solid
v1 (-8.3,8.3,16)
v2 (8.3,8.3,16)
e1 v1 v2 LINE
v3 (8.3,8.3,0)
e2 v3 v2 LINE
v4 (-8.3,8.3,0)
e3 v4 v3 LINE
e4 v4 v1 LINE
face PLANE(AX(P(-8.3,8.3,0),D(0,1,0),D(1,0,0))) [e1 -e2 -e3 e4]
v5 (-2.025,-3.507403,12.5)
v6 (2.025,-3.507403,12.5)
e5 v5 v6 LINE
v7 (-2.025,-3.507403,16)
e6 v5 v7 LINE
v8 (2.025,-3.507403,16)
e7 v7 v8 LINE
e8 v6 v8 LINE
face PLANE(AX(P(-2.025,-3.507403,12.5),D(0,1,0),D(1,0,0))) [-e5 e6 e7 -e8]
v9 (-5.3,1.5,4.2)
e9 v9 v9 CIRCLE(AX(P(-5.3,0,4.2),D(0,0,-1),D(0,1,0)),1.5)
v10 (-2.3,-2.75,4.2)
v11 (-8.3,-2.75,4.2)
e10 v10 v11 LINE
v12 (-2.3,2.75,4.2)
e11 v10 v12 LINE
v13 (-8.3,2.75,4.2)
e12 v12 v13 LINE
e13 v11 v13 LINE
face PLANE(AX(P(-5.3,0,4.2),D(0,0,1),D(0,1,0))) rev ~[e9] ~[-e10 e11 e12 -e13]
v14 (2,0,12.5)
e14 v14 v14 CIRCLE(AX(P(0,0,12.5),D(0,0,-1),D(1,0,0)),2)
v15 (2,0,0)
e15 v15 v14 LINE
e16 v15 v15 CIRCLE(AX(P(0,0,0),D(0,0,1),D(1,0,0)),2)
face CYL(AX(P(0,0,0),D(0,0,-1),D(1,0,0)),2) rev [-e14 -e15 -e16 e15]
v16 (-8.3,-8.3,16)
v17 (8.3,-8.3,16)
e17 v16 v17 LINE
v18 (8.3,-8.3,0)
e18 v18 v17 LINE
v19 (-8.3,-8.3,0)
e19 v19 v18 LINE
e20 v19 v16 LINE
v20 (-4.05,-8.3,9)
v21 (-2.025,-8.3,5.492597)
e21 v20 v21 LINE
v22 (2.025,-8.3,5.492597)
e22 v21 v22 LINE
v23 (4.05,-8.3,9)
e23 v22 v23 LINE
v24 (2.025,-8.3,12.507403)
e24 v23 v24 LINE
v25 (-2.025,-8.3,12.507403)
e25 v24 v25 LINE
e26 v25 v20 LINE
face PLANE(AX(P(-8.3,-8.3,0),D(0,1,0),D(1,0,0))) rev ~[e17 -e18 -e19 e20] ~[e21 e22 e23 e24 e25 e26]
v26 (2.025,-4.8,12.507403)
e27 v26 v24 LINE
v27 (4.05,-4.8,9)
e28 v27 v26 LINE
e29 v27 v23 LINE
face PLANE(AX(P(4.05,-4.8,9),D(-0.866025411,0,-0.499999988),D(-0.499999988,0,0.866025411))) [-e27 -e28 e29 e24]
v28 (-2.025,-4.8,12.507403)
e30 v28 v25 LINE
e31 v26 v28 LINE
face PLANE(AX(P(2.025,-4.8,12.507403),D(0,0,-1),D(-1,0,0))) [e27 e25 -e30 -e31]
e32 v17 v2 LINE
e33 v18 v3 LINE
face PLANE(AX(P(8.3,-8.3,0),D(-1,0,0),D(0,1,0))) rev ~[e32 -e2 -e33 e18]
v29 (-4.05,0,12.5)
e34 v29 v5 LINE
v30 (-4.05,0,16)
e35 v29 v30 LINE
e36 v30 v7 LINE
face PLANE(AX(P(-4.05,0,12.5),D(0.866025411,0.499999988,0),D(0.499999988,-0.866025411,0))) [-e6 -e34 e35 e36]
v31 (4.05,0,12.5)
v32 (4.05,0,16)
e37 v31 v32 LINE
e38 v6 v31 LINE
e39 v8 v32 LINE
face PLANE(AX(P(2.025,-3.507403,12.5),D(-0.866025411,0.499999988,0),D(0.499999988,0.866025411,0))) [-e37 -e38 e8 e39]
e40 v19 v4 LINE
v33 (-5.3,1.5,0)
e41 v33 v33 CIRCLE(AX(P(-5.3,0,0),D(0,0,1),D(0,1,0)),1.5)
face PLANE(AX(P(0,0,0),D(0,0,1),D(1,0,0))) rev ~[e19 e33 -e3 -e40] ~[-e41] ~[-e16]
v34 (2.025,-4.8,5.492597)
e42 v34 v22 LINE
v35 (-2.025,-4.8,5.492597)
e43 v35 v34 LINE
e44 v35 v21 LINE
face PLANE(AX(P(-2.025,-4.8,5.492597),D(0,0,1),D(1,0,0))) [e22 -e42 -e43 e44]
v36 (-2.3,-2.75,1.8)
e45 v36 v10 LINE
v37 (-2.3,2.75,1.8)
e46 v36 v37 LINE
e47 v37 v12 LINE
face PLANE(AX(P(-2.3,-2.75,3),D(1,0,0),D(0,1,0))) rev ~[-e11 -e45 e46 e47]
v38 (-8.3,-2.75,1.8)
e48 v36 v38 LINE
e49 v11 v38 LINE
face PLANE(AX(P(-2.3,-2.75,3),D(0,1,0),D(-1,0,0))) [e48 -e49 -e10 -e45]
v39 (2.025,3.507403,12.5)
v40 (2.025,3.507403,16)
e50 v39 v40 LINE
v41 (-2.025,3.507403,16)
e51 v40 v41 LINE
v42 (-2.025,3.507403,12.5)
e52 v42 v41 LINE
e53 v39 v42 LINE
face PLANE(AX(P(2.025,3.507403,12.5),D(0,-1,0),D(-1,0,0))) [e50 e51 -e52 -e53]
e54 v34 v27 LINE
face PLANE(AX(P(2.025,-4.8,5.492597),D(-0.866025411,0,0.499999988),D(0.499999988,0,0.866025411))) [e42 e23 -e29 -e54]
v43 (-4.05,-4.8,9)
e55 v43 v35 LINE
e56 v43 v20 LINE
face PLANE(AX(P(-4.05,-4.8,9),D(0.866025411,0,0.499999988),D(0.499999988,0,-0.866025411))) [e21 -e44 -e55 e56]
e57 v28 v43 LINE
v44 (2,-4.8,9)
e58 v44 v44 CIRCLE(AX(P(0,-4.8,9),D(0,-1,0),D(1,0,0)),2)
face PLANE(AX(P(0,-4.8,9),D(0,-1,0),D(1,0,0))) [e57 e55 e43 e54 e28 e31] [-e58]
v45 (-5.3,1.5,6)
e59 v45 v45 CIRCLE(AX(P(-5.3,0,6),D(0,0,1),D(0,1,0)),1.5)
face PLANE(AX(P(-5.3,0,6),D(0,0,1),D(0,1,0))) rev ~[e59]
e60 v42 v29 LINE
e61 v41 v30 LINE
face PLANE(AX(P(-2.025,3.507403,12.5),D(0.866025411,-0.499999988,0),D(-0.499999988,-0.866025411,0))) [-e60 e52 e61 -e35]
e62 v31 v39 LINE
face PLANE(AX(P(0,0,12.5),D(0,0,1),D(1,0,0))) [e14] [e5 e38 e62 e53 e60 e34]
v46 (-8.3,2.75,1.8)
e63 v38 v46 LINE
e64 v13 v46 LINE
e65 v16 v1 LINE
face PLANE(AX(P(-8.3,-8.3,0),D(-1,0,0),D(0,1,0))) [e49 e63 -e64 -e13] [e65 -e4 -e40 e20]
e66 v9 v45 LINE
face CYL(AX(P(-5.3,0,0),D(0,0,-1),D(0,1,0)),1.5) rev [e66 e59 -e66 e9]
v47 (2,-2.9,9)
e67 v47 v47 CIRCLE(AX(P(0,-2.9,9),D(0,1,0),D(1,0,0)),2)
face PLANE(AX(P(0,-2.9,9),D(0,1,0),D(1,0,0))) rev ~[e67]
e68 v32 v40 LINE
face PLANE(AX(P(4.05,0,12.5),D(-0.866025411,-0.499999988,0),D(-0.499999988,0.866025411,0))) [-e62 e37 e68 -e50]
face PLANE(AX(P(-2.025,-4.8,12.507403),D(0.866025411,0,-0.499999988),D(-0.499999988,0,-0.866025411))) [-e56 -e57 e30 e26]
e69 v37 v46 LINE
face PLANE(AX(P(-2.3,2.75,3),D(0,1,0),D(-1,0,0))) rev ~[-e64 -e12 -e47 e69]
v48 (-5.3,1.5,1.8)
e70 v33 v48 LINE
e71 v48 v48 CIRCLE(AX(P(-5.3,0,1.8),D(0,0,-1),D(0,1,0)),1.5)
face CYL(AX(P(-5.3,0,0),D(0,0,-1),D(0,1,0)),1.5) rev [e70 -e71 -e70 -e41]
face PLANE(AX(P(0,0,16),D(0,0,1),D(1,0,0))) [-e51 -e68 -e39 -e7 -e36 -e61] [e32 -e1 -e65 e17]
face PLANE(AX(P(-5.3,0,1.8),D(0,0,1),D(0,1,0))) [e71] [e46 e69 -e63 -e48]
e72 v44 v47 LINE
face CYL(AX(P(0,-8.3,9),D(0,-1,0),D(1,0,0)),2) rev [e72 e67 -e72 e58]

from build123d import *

# Parameters (mm, degrees)
CYLINDER002_R           = 1.5
CYLINDER002_DEPTH       = 6
SKETCH003_W             = 5.5
SKETCH003_H             = 6
PAD003_DEPTH            = 1.2
FUSION_PLACEMENT_ANGLE  = 90
PAD002_DEPTH            = 3.5
BODY002_PLACEMENT_ANGLE = 90
PAD001_DEPTH            = 3.5
CYLINDER_R              = 2
CYLINDER_DEPTH          = 16
CYLINDER001_R           = 2
CYLINDER001_DEPTH       = 5.4
BOX_W                   = 16.6
BOX_H                   = 16.6
BOX_DEPTH               = 16


with BuildPart() as cylinder002:
    # Cylinder002 → Cylinder002 (new body)
    with BuildSketch(Plane(origin=(0, 3, -3), x_dir=(1, 0, 0), z_dir=(0, 0, 1))):
        Circle(CYLINDER002_R)
    extrude(amount=CYLINDER002_DEPTH)


with BuildPart() as fusion:
    # Sketch003 → Pad003 (new body, symmetric)
    with BuildSketch(Plane.XY):
        with Locations((0, 3)):
            Rectangle(SKETCH003_W, SKETCH003_H)
    extrude(amount=PAD003_DEPTH, both=True)

    # Fusion: union Cylinder002
    add(cylinder002.part)


with BuildPart() as fusion_1:
    # Fusion placement: moved
    add(fusion.part.moved(Location((-2.3, 0, 3))).rotate(Axis((-2.3, 0, 3), (0, 0, 1)), FUSION_PLACEMENT_ANGLE))


with BuildPart() as nut_body002:
    # Sketch002 → Pad002 (new body)
    with BuildSketch(Plane.XY):
        Polygon((-4.05, 0), (-2.025, -3.507403), (2.025, -3.507403), (4.05, 0), (2.025, 3.507403), (-2.025, 3.507403), align=None)
    extrude(amount=PAD002_DEPTH)


with BuildPart() as nut_body002_1:
    # Body002 placement: moved
    add(nut_body002.part.moved(Location((0, -4.8, 9))).rotate(Axis((0, -4.8, 9), (1, 0, 0)), BODY002_PLACEMENT_ANGLE))


with BuildPart() as nut_body:
    # Sketch001 → Pad001 (new body)
    with BuildSketch(Plane.XY):
        Polygon((-4.05, 0), (-2.025, -3.507403), (2.025, -3.507403), (4.05, 0), (2.025, 3.507403), (-2.025, 3.507403), align=None)
    extrude(amount=PAD001_DEPTH)


with BuildPart() as nut_body_1:
    # Body001 placement: moved
    add(nut_body.part.moved(Location((0, 0, 12.5))))


with BuildPart() as cylinder:
    # Cylinder → Cylinder (new body)
    with BuildSketch(Plane.XY):
        Circle(CYLINDER_R)
    extrude(amount=CYLINDER_DEPTH)


with BuildPart() as fusion001:
    # Cylinder001 → Cylinder001 (new body)
    with BuildSketch(Plane(origin=(0, -8.3, 9), x_dir=(1, 0, 0), z_dir=(0, 1, 0))):
        Circle(CYLINDER001_R)
    extrude(amount=CYLINDER001_DEPTH)

    # Fusion001: union Fusion, nut_body002, nut_body, Cylinder
    add(fusion_1.part)
    add(nut_body002_1.part)
    add(nut_body_1.part)
    add(cylinder.part)


with BuildPart() as cut:
    # Box → Box (new body)
    with BuildSketch(Plane(origin=(-8.3, -8.3, 0), x_dir=(1, 0, 0), z_dir=(0, 0, 1))):
        with Locations((8.3, 8.3)):
            Rectangle(BOX_W, BOX_H)
    extrude(amount=BOX_DEPTH)

    # Cut: cut Fusion001
    add(fusion001.part, mode=Mode.SUBTRACT)


solid = cut.part
